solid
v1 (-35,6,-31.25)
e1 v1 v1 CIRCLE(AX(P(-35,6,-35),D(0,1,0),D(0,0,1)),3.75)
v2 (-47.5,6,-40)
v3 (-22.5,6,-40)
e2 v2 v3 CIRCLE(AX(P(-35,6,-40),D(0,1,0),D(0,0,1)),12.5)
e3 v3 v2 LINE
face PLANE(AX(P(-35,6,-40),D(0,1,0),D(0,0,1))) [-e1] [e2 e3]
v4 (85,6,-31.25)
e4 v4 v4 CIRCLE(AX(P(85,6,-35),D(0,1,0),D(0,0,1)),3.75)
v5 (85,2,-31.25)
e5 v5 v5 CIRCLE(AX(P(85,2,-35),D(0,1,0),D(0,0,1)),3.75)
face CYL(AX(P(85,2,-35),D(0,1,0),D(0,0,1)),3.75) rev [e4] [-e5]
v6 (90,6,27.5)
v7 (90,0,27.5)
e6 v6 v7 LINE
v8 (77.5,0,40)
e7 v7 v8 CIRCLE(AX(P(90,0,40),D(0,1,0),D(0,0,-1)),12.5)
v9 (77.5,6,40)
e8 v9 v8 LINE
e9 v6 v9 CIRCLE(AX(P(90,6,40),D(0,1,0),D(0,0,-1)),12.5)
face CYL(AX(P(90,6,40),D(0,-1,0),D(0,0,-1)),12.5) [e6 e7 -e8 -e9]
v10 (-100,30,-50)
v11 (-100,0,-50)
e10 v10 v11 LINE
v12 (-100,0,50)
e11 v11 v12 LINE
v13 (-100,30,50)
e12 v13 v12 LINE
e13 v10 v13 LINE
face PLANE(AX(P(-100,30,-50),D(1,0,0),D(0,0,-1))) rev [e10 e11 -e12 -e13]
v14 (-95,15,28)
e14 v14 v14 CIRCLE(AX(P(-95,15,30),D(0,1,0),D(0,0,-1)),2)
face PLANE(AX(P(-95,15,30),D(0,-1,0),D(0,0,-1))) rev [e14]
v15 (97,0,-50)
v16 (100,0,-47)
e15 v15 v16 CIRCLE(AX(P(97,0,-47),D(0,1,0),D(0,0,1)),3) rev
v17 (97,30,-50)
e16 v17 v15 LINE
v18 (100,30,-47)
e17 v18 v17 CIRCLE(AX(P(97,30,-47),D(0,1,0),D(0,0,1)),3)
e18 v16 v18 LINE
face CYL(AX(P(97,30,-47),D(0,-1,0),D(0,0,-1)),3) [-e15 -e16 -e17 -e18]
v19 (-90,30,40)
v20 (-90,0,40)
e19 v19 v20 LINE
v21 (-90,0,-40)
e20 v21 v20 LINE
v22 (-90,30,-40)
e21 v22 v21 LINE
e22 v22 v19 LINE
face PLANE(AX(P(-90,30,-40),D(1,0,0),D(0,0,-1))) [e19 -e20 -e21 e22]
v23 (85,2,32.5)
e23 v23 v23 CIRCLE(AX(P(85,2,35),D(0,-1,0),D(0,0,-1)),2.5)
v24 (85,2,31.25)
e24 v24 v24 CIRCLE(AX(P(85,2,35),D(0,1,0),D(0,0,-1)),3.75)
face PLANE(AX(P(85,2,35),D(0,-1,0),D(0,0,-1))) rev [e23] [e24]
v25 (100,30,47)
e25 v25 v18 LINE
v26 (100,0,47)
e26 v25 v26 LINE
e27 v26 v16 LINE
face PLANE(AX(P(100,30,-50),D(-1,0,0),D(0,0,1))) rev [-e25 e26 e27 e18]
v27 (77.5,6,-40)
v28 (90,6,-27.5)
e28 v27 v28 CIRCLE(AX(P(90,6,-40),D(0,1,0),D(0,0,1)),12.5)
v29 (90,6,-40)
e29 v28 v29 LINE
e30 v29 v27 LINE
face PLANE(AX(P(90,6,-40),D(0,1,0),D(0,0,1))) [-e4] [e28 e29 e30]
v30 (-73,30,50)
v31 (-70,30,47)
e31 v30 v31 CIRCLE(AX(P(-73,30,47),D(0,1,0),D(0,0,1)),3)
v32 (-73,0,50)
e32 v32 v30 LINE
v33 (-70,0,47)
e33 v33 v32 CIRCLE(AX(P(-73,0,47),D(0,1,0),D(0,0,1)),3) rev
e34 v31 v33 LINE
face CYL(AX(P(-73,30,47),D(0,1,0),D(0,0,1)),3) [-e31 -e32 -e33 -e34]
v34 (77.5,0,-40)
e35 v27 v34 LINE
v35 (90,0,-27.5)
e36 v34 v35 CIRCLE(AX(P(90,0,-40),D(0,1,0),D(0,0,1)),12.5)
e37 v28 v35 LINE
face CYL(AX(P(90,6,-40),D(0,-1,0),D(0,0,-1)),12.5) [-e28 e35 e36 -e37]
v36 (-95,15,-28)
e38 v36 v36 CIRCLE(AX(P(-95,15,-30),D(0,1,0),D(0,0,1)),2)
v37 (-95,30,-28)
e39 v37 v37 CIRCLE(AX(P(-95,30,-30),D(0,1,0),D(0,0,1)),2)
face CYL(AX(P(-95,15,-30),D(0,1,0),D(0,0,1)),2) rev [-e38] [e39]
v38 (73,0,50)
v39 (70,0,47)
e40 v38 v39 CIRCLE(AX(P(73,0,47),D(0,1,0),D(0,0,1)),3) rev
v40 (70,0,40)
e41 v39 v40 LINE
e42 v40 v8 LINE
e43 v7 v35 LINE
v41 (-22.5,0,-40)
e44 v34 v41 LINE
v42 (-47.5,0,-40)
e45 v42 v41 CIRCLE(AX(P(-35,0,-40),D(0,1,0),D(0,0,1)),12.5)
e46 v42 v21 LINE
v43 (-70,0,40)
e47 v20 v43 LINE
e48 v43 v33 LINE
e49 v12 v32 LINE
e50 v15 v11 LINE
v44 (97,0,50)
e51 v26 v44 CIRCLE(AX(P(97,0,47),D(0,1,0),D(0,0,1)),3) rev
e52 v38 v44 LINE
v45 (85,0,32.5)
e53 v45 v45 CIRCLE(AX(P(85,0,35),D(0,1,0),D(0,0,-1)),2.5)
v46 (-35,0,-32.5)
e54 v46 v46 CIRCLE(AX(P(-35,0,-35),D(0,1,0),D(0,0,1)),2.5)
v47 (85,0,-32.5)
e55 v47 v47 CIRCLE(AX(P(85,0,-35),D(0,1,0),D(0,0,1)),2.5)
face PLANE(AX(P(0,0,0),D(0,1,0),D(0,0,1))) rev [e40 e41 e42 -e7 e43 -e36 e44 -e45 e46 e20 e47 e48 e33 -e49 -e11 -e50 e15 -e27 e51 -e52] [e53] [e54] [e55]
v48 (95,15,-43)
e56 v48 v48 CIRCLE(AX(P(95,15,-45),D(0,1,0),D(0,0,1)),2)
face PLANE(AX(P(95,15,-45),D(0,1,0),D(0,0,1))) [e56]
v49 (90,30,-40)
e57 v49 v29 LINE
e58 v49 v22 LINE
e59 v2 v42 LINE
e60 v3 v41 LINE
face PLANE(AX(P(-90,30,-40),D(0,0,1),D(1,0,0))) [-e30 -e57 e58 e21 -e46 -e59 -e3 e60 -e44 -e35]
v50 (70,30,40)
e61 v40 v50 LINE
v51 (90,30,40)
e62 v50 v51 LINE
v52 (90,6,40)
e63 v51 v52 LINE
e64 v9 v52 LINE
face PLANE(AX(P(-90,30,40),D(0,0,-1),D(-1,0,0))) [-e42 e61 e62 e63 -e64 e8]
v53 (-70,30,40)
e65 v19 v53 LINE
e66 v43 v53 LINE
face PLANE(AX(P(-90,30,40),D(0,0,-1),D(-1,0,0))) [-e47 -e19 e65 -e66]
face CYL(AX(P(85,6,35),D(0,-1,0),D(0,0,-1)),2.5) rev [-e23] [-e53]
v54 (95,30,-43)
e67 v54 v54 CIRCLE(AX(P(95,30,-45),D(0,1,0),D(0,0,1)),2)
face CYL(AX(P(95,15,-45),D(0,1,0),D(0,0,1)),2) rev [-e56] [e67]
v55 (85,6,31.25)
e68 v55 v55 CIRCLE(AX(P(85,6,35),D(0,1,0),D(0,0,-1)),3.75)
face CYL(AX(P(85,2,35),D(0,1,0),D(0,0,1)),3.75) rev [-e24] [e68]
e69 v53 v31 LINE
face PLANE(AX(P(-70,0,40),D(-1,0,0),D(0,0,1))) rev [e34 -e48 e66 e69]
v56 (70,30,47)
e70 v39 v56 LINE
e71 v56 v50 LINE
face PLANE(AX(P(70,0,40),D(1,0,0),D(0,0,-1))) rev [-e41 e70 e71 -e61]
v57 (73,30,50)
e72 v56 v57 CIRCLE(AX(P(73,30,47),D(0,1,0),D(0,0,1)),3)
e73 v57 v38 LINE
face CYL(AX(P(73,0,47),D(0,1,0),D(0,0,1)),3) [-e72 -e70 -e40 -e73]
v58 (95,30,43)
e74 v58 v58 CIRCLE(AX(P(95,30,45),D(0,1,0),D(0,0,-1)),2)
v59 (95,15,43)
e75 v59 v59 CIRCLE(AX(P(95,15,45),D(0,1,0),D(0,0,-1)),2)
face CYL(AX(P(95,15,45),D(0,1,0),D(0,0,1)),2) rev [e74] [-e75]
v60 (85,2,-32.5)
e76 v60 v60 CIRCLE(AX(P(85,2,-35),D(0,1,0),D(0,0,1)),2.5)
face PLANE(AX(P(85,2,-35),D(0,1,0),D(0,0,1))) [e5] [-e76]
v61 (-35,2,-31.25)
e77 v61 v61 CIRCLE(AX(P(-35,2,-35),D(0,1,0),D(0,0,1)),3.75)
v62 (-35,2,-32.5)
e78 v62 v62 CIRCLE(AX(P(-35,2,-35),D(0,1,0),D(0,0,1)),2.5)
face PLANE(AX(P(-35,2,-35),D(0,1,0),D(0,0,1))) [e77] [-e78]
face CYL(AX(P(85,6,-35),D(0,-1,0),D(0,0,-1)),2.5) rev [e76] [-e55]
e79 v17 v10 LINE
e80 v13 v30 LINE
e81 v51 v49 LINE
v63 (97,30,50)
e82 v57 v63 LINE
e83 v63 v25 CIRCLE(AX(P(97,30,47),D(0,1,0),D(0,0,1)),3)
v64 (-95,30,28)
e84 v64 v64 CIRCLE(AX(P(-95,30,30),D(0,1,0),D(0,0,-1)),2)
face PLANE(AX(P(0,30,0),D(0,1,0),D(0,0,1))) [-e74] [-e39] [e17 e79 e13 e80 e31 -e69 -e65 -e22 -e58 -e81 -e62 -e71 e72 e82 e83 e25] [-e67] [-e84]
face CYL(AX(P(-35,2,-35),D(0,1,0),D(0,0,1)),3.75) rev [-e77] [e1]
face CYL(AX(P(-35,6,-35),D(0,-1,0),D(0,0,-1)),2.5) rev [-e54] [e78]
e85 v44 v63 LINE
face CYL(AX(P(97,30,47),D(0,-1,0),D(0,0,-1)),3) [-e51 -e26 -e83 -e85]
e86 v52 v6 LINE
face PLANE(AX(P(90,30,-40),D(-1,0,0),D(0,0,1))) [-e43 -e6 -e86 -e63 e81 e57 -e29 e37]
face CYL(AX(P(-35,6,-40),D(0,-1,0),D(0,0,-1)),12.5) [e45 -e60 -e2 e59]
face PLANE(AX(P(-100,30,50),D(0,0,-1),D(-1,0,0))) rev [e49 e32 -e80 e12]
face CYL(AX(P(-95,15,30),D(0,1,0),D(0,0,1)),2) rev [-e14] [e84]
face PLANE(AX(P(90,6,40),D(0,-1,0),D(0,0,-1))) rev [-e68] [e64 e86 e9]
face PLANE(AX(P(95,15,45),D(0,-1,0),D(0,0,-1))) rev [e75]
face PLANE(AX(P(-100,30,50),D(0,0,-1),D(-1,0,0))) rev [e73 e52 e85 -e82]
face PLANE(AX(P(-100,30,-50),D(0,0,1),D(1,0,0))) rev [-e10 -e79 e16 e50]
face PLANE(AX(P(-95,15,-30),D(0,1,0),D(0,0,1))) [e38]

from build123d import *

# Parameters (mm, degrees)
SKETCH1_W           = 200
SKETCH1_H           = 100
SKETCH1_W_2         = 180
SKETCH1_H_2         = 80
BOSS_EXTRUDE1_DEPTH = 30
SKETCH2_R           = 2.5
BOSS_EXTRUDE2_DEPTH = 6
SKETCH3_R           = 3.75
CUT_EXTRUDE1_DEPTH  = 4
SKETCH4_R           = 2
CUT_EXTRUDE2_DEPTH  = 15
SKETCH5_W           = 140
SKETCH5_H           = 10
CUT_EXTRUDE3_DEPTH  = 116.758369028
FILLET1_R           = 3


with BuildPart() as part:
    # Sketch1 → Boss-Extrude1 (new body)
    with BuildSketch(Plane(origin=(0, 0, 0), x_dir=(1, 0, 0), z_dir=(0, 1, 0))):
        Rectangle(SKETCH1_W, SKETCH1_H)
        Rectangle(SKETCH1_W_2, SKETCH1_H_2, mode=Mode.SUBTRACT)
    extrude(amount=BOSS_EXTRUDE1_DEPTH)

    # Sketch2 → Boss-Extrude2 (add)
    # profile 1 of 3: a face of its own
    with BuildSketch(Plane(origin=(0, 0, 0), x_dir=(1, 0, 0), z_dir=(0, 1, 0))):
        with BuildLine():
            Line((77.5, 40), (90, 40))
            Line((90, 40), (90, 27.5))
            ThreePointArc((90, 27.5), (81.161165235, 31.161165235), (77.5, 40))
        make_face()
        with Locations(Location((85, 35, 0), (0, 0, 270))):
            Circle(SKETCH2_R, mode=Mode.SUBTRACT)
    # profile 2 of 3: a face of its own
    with BuildSketch(Plane(origin=(0, 0, 0), x_dir=(1, 0, 0), z_dir=(0, 1, 0))):
        with BuildLine():
            Line((90, -40), (90, -27.5))
            ThreePointArc((90, -27.5), (81.161165235, -31.161165235), (77.5, -40))
            Line((77.5, -40), (90, -40))
        make_face()
        with Locations(Location((85, -35, 0), (0, 0, 90))):
            Circle(SKETCH2_R, mode=Mode.SUBTRACT)
    # profile 3 of 3: a face of its own
    with BuildSketch(Plane(origin=(0, 0, 0), x_dir=(1, 0, 0), z_dir=(0, 1, 0))):
        with BuildLine():
            Line((-47.5, 40), (-22.5, 40))
            ThreePointArc((-22.5, 40), (-35, 27.5), (-47.5, 40))
        make_face()
        with Locations(Location((-35, 35, 0), (0, 0, 270))):
            Circle(SKETCH2_R, mode=Mode.SUBTRACT)
    extrude(amount=BOSS_EXTRUDE2_DEPTH)

    # Sketch3 → Cut-Extrude1 (cut)
    with BuildSketch(Plane(origin=(0, 6, 0), x_dir=(1, 0, 0), z_dir=(0, 1, 0))):
        with Locations(Location((-35, 35, 0), (0, 0, 270))):
            Circle(SKETCH3_R)
        with Locations(Location((85, 35, 0), (0, 0, 270))):
            Circle(SKETCH3_R)
        with Locations(Location((85, -35, 0), (0, 0, 90))):
            Circle(SKETCH3_R)
    extrude(amount=-CUT_EXTRUDE1_DEPTH, mode=Mode.SUBTRACT)

    # Sketch4 → Cut-Extrude2 (cut)
    with BuildSketch(Plane(origin=(0, 30, 0), x_dir=(1, 0, 0), z_dir=(0, 1, 0))):
        with Locations(Location((95, 45, 0), (0, 0, 270))):
            Circle(SKETCH4_R)
        with Locations(Location((95, -45, 0), (0, 0, 90))):
            Circle(SKETCH4_R)
        with Locations(Location((-95, 30, 0), (0, 0, 270))):
            Circle(SKETCH4_R)
        with Locations(Location((-95, -30, 0), (0, 0, 90))):
            Circle(SKETCH4_R)
    extrude(amount=-CUT_EXTRUDE2_DEPTH, mode=Mode.SUBTRACT)

    # Sketch5 → Cut-Extrude3 (cut, through all)
    with BuildSketch(Plane(origin=(0, 30, 0), x_dir=(1, 0, 0), z_dir=(0, 1, 0))):
        with Locations((0, -45)):
            Rectangle(SKETCH5_W, SKETCH5_H)
    extrude(amount=-CUT_EXTRUDE3_DEPTH, mode=Mode.SUBTRACT)

    # Fillet1
    fillet1_edges = [part.edges().sort_by_distance(p)[0] for p in [
        (70, 15, 50),
        (-70, 15, 50),
        (100, 15, 50),
        (100, 15, -50),
    ]]
    fillet(fillet1_edges, radius=FILLET1_R)


solid = part.part
